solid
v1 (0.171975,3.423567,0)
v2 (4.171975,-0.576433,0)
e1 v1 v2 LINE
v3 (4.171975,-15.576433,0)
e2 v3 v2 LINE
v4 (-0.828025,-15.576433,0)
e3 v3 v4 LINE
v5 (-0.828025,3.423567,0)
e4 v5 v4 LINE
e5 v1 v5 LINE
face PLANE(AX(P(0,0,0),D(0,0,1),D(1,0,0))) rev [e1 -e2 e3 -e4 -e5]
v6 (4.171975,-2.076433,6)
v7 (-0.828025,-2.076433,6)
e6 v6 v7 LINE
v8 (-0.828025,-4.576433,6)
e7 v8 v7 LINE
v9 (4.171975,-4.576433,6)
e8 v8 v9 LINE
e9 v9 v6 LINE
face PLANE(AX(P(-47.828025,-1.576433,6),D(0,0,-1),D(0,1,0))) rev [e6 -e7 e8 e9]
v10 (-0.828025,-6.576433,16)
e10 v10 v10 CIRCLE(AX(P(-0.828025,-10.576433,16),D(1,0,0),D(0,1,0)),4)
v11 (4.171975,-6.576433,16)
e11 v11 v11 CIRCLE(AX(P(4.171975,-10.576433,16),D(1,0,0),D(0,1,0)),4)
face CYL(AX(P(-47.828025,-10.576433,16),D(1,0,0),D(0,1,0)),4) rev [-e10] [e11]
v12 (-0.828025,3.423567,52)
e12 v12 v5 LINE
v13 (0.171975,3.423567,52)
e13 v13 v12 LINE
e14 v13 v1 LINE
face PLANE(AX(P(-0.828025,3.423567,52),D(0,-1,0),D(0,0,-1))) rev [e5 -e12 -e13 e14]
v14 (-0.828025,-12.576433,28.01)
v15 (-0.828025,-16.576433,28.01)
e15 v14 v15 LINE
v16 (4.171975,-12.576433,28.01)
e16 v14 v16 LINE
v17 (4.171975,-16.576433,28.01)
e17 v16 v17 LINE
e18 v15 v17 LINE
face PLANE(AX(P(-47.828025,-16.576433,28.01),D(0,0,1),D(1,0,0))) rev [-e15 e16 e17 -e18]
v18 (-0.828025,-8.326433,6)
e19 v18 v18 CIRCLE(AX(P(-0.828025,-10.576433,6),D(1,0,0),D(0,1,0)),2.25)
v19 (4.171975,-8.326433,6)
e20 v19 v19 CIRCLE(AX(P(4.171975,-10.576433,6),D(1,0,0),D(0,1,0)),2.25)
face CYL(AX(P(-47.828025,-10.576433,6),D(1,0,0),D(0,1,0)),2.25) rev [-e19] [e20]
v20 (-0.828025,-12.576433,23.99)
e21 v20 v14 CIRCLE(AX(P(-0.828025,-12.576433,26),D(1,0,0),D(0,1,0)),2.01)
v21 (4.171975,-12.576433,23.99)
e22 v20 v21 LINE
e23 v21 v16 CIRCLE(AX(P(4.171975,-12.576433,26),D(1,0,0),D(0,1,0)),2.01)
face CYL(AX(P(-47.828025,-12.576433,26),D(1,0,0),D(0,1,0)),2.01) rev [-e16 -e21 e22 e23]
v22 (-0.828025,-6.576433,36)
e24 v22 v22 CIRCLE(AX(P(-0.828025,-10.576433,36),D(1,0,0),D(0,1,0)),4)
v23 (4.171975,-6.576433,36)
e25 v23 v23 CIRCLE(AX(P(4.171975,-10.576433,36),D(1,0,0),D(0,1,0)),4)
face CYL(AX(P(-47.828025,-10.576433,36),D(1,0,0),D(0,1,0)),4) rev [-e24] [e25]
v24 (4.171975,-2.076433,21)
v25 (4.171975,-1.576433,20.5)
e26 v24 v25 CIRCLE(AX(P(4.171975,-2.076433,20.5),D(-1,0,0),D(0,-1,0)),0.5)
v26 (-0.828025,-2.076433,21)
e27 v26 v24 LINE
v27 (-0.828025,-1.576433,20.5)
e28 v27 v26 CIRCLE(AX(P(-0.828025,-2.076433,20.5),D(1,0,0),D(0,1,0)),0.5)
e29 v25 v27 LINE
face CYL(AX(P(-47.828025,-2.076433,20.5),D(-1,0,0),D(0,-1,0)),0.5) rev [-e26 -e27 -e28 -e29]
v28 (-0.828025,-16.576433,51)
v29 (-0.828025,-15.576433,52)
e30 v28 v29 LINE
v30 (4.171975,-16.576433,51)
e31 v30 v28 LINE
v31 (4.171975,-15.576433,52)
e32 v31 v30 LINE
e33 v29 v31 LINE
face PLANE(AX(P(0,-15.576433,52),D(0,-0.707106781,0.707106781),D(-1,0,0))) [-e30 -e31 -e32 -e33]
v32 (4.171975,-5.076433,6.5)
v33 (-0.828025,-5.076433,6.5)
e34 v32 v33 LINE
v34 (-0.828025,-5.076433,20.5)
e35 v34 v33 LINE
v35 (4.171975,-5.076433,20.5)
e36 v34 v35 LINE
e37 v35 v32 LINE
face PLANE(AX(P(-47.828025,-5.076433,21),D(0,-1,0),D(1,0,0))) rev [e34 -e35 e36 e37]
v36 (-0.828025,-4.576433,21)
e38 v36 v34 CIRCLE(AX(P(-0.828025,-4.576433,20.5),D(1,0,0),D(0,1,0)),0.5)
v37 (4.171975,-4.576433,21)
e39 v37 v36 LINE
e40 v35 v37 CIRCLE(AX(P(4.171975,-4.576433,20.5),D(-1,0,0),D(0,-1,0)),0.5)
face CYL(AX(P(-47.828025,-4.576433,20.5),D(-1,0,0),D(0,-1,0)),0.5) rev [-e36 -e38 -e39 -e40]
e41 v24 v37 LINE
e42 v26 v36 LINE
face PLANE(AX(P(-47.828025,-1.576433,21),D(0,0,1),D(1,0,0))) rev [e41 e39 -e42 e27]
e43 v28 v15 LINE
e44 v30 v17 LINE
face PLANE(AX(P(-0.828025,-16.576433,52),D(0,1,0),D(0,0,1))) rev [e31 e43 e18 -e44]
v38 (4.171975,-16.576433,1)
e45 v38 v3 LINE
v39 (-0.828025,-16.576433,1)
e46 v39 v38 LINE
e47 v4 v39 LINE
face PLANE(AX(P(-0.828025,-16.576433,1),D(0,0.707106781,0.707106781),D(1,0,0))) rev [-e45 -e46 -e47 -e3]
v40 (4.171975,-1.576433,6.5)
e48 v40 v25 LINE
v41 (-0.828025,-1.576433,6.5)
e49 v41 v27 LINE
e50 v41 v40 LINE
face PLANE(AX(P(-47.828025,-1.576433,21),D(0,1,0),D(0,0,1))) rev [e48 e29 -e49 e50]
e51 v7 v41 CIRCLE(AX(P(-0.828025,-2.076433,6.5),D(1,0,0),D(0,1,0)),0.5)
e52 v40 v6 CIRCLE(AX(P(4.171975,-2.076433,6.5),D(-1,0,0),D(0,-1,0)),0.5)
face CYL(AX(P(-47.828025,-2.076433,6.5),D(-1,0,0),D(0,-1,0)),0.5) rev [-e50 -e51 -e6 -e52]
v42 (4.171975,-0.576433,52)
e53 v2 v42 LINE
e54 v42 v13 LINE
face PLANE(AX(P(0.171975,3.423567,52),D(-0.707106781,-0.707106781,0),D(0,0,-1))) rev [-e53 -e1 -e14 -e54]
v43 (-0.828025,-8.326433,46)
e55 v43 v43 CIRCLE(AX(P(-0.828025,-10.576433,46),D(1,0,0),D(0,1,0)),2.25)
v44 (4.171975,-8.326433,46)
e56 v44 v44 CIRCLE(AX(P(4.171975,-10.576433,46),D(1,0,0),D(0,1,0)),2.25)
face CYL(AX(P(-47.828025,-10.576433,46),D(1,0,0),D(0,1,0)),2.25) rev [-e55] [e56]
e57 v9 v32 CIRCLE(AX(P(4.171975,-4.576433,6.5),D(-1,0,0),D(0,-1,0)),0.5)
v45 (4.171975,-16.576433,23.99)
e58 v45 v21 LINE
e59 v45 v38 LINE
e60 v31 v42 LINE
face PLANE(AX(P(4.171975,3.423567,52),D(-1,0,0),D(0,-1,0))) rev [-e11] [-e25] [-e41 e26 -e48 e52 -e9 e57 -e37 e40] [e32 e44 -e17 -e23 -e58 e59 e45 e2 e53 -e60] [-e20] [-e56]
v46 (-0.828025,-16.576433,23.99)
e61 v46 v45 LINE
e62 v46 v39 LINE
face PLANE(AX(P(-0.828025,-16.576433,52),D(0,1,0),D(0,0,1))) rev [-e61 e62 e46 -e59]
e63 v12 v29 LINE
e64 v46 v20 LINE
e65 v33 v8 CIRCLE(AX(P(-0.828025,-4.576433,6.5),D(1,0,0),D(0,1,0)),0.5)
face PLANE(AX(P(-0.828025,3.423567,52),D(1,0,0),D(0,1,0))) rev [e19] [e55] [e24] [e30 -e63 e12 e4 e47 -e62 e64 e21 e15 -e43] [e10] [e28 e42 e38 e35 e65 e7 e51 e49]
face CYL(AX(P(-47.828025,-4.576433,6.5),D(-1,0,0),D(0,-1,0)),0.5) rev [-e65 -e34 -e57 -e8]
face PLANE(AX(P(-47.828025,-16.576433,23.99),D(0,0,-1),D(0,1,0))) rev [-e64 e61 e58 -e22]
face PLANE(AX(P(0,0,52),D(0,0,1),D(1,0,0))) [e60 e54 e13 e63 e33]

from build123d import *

# Parameters (mm, degrees)
SKETCH1_W           = 5
SKETCH1_H           = 20
BOSS_EXTRUDE1_DEPTH = 52
SKETCH2_R           = 2.25
SKETCH2_R_2         = 4
SKETCH2_W           = 15
SKETCH2_H           = 3.5
CUT_EXTRUDE1_DEPTH  = 52
FILLET1_R           = 0.5
CHAMFER1_SIZE       = 1
CHAMFER2_SIZE       = 4


with BuildPart() as part:
    # Sketch1 → Boss-Extrude1 (new body)
    with BuildSketch(Plane.XY):
        with Locations((1.671974522, -6.576433121)):
            Rectangle(SKETCH1_W, SKETCH1_H)
    extrude(amount=BOSS_EXTRUDE1_DEPTH)

    # Sketch2 → Cut-Extrude1 (cut)
    with BuildSketch(Plane(origin=(4.171974522, 0, 0), x_dir=(0, 0, -1), z_dir=(1, 0, 0))):
        with Locations((-46, -10.576433121)):
            Circle(SKETCH2_R)
        with Locations((-36, -10.576433121)):
            Circle(SKETCH2_R_2)
        with Locations((-16, -10.576433121)):
            Circle(SKETCH2_R_2)
        with Locations((-6, -10.576433121)):
            Circle(SKETCH2_R)
        with BuildLine():
            Line((-23.99, -16.576433121), (-28.01, -16.576433121))
            Line((-28.01, -16.576433121), (-28.01, -12.576433121))
            ThreePointArc((-28.01, -12.576433121), (-26, -10.566433121), (-23.99, -12.576433121))
            Line((-23.99, -12.576433121), (-23.99, -16.576433121))
        make_face()
        with Locations((-13.5, -3.326433121)):
            Rectangle(SKETCH2_W, SKETCH2_H)
    extrude(amount=-CUT_EXTRUDE1_DEPTH, mode=Mode.SUBTRACT)

    # Fillet1
    fillet1_edges = [part.edges().sort_by_distance(p)[0] for p in [
        (1.671974522, -5.076433121, 21),
        (1.671974522, -1.576433121, 21),
        (1.671974522, -1.576433121, 6),
        (1.671974522, -5.076433121, 6),
    ]]
    fillet(fillet1_edges, radius=FILLET1_R)

    # Chamfer1
    chamfer1_edges = [part.edges().sort_by_distance(p)[0] for p in [
        (1.671974522, -16.576433121, 0),
        (1.671974522, -16.576433121, 52),
    ]]
    chamfer(chamfer1_edges, length=CHAMFER1_SIZE)

    # Chamfer2
    chamfer2_edges = [part.edges().sort_by_distance(p)[0] for p in [
        (4.171974522, 3.423566879, 26),
    ]]
    chamfer(chamfer2_edges, length=CHAMFER2_SIZE)


solid = part.part
